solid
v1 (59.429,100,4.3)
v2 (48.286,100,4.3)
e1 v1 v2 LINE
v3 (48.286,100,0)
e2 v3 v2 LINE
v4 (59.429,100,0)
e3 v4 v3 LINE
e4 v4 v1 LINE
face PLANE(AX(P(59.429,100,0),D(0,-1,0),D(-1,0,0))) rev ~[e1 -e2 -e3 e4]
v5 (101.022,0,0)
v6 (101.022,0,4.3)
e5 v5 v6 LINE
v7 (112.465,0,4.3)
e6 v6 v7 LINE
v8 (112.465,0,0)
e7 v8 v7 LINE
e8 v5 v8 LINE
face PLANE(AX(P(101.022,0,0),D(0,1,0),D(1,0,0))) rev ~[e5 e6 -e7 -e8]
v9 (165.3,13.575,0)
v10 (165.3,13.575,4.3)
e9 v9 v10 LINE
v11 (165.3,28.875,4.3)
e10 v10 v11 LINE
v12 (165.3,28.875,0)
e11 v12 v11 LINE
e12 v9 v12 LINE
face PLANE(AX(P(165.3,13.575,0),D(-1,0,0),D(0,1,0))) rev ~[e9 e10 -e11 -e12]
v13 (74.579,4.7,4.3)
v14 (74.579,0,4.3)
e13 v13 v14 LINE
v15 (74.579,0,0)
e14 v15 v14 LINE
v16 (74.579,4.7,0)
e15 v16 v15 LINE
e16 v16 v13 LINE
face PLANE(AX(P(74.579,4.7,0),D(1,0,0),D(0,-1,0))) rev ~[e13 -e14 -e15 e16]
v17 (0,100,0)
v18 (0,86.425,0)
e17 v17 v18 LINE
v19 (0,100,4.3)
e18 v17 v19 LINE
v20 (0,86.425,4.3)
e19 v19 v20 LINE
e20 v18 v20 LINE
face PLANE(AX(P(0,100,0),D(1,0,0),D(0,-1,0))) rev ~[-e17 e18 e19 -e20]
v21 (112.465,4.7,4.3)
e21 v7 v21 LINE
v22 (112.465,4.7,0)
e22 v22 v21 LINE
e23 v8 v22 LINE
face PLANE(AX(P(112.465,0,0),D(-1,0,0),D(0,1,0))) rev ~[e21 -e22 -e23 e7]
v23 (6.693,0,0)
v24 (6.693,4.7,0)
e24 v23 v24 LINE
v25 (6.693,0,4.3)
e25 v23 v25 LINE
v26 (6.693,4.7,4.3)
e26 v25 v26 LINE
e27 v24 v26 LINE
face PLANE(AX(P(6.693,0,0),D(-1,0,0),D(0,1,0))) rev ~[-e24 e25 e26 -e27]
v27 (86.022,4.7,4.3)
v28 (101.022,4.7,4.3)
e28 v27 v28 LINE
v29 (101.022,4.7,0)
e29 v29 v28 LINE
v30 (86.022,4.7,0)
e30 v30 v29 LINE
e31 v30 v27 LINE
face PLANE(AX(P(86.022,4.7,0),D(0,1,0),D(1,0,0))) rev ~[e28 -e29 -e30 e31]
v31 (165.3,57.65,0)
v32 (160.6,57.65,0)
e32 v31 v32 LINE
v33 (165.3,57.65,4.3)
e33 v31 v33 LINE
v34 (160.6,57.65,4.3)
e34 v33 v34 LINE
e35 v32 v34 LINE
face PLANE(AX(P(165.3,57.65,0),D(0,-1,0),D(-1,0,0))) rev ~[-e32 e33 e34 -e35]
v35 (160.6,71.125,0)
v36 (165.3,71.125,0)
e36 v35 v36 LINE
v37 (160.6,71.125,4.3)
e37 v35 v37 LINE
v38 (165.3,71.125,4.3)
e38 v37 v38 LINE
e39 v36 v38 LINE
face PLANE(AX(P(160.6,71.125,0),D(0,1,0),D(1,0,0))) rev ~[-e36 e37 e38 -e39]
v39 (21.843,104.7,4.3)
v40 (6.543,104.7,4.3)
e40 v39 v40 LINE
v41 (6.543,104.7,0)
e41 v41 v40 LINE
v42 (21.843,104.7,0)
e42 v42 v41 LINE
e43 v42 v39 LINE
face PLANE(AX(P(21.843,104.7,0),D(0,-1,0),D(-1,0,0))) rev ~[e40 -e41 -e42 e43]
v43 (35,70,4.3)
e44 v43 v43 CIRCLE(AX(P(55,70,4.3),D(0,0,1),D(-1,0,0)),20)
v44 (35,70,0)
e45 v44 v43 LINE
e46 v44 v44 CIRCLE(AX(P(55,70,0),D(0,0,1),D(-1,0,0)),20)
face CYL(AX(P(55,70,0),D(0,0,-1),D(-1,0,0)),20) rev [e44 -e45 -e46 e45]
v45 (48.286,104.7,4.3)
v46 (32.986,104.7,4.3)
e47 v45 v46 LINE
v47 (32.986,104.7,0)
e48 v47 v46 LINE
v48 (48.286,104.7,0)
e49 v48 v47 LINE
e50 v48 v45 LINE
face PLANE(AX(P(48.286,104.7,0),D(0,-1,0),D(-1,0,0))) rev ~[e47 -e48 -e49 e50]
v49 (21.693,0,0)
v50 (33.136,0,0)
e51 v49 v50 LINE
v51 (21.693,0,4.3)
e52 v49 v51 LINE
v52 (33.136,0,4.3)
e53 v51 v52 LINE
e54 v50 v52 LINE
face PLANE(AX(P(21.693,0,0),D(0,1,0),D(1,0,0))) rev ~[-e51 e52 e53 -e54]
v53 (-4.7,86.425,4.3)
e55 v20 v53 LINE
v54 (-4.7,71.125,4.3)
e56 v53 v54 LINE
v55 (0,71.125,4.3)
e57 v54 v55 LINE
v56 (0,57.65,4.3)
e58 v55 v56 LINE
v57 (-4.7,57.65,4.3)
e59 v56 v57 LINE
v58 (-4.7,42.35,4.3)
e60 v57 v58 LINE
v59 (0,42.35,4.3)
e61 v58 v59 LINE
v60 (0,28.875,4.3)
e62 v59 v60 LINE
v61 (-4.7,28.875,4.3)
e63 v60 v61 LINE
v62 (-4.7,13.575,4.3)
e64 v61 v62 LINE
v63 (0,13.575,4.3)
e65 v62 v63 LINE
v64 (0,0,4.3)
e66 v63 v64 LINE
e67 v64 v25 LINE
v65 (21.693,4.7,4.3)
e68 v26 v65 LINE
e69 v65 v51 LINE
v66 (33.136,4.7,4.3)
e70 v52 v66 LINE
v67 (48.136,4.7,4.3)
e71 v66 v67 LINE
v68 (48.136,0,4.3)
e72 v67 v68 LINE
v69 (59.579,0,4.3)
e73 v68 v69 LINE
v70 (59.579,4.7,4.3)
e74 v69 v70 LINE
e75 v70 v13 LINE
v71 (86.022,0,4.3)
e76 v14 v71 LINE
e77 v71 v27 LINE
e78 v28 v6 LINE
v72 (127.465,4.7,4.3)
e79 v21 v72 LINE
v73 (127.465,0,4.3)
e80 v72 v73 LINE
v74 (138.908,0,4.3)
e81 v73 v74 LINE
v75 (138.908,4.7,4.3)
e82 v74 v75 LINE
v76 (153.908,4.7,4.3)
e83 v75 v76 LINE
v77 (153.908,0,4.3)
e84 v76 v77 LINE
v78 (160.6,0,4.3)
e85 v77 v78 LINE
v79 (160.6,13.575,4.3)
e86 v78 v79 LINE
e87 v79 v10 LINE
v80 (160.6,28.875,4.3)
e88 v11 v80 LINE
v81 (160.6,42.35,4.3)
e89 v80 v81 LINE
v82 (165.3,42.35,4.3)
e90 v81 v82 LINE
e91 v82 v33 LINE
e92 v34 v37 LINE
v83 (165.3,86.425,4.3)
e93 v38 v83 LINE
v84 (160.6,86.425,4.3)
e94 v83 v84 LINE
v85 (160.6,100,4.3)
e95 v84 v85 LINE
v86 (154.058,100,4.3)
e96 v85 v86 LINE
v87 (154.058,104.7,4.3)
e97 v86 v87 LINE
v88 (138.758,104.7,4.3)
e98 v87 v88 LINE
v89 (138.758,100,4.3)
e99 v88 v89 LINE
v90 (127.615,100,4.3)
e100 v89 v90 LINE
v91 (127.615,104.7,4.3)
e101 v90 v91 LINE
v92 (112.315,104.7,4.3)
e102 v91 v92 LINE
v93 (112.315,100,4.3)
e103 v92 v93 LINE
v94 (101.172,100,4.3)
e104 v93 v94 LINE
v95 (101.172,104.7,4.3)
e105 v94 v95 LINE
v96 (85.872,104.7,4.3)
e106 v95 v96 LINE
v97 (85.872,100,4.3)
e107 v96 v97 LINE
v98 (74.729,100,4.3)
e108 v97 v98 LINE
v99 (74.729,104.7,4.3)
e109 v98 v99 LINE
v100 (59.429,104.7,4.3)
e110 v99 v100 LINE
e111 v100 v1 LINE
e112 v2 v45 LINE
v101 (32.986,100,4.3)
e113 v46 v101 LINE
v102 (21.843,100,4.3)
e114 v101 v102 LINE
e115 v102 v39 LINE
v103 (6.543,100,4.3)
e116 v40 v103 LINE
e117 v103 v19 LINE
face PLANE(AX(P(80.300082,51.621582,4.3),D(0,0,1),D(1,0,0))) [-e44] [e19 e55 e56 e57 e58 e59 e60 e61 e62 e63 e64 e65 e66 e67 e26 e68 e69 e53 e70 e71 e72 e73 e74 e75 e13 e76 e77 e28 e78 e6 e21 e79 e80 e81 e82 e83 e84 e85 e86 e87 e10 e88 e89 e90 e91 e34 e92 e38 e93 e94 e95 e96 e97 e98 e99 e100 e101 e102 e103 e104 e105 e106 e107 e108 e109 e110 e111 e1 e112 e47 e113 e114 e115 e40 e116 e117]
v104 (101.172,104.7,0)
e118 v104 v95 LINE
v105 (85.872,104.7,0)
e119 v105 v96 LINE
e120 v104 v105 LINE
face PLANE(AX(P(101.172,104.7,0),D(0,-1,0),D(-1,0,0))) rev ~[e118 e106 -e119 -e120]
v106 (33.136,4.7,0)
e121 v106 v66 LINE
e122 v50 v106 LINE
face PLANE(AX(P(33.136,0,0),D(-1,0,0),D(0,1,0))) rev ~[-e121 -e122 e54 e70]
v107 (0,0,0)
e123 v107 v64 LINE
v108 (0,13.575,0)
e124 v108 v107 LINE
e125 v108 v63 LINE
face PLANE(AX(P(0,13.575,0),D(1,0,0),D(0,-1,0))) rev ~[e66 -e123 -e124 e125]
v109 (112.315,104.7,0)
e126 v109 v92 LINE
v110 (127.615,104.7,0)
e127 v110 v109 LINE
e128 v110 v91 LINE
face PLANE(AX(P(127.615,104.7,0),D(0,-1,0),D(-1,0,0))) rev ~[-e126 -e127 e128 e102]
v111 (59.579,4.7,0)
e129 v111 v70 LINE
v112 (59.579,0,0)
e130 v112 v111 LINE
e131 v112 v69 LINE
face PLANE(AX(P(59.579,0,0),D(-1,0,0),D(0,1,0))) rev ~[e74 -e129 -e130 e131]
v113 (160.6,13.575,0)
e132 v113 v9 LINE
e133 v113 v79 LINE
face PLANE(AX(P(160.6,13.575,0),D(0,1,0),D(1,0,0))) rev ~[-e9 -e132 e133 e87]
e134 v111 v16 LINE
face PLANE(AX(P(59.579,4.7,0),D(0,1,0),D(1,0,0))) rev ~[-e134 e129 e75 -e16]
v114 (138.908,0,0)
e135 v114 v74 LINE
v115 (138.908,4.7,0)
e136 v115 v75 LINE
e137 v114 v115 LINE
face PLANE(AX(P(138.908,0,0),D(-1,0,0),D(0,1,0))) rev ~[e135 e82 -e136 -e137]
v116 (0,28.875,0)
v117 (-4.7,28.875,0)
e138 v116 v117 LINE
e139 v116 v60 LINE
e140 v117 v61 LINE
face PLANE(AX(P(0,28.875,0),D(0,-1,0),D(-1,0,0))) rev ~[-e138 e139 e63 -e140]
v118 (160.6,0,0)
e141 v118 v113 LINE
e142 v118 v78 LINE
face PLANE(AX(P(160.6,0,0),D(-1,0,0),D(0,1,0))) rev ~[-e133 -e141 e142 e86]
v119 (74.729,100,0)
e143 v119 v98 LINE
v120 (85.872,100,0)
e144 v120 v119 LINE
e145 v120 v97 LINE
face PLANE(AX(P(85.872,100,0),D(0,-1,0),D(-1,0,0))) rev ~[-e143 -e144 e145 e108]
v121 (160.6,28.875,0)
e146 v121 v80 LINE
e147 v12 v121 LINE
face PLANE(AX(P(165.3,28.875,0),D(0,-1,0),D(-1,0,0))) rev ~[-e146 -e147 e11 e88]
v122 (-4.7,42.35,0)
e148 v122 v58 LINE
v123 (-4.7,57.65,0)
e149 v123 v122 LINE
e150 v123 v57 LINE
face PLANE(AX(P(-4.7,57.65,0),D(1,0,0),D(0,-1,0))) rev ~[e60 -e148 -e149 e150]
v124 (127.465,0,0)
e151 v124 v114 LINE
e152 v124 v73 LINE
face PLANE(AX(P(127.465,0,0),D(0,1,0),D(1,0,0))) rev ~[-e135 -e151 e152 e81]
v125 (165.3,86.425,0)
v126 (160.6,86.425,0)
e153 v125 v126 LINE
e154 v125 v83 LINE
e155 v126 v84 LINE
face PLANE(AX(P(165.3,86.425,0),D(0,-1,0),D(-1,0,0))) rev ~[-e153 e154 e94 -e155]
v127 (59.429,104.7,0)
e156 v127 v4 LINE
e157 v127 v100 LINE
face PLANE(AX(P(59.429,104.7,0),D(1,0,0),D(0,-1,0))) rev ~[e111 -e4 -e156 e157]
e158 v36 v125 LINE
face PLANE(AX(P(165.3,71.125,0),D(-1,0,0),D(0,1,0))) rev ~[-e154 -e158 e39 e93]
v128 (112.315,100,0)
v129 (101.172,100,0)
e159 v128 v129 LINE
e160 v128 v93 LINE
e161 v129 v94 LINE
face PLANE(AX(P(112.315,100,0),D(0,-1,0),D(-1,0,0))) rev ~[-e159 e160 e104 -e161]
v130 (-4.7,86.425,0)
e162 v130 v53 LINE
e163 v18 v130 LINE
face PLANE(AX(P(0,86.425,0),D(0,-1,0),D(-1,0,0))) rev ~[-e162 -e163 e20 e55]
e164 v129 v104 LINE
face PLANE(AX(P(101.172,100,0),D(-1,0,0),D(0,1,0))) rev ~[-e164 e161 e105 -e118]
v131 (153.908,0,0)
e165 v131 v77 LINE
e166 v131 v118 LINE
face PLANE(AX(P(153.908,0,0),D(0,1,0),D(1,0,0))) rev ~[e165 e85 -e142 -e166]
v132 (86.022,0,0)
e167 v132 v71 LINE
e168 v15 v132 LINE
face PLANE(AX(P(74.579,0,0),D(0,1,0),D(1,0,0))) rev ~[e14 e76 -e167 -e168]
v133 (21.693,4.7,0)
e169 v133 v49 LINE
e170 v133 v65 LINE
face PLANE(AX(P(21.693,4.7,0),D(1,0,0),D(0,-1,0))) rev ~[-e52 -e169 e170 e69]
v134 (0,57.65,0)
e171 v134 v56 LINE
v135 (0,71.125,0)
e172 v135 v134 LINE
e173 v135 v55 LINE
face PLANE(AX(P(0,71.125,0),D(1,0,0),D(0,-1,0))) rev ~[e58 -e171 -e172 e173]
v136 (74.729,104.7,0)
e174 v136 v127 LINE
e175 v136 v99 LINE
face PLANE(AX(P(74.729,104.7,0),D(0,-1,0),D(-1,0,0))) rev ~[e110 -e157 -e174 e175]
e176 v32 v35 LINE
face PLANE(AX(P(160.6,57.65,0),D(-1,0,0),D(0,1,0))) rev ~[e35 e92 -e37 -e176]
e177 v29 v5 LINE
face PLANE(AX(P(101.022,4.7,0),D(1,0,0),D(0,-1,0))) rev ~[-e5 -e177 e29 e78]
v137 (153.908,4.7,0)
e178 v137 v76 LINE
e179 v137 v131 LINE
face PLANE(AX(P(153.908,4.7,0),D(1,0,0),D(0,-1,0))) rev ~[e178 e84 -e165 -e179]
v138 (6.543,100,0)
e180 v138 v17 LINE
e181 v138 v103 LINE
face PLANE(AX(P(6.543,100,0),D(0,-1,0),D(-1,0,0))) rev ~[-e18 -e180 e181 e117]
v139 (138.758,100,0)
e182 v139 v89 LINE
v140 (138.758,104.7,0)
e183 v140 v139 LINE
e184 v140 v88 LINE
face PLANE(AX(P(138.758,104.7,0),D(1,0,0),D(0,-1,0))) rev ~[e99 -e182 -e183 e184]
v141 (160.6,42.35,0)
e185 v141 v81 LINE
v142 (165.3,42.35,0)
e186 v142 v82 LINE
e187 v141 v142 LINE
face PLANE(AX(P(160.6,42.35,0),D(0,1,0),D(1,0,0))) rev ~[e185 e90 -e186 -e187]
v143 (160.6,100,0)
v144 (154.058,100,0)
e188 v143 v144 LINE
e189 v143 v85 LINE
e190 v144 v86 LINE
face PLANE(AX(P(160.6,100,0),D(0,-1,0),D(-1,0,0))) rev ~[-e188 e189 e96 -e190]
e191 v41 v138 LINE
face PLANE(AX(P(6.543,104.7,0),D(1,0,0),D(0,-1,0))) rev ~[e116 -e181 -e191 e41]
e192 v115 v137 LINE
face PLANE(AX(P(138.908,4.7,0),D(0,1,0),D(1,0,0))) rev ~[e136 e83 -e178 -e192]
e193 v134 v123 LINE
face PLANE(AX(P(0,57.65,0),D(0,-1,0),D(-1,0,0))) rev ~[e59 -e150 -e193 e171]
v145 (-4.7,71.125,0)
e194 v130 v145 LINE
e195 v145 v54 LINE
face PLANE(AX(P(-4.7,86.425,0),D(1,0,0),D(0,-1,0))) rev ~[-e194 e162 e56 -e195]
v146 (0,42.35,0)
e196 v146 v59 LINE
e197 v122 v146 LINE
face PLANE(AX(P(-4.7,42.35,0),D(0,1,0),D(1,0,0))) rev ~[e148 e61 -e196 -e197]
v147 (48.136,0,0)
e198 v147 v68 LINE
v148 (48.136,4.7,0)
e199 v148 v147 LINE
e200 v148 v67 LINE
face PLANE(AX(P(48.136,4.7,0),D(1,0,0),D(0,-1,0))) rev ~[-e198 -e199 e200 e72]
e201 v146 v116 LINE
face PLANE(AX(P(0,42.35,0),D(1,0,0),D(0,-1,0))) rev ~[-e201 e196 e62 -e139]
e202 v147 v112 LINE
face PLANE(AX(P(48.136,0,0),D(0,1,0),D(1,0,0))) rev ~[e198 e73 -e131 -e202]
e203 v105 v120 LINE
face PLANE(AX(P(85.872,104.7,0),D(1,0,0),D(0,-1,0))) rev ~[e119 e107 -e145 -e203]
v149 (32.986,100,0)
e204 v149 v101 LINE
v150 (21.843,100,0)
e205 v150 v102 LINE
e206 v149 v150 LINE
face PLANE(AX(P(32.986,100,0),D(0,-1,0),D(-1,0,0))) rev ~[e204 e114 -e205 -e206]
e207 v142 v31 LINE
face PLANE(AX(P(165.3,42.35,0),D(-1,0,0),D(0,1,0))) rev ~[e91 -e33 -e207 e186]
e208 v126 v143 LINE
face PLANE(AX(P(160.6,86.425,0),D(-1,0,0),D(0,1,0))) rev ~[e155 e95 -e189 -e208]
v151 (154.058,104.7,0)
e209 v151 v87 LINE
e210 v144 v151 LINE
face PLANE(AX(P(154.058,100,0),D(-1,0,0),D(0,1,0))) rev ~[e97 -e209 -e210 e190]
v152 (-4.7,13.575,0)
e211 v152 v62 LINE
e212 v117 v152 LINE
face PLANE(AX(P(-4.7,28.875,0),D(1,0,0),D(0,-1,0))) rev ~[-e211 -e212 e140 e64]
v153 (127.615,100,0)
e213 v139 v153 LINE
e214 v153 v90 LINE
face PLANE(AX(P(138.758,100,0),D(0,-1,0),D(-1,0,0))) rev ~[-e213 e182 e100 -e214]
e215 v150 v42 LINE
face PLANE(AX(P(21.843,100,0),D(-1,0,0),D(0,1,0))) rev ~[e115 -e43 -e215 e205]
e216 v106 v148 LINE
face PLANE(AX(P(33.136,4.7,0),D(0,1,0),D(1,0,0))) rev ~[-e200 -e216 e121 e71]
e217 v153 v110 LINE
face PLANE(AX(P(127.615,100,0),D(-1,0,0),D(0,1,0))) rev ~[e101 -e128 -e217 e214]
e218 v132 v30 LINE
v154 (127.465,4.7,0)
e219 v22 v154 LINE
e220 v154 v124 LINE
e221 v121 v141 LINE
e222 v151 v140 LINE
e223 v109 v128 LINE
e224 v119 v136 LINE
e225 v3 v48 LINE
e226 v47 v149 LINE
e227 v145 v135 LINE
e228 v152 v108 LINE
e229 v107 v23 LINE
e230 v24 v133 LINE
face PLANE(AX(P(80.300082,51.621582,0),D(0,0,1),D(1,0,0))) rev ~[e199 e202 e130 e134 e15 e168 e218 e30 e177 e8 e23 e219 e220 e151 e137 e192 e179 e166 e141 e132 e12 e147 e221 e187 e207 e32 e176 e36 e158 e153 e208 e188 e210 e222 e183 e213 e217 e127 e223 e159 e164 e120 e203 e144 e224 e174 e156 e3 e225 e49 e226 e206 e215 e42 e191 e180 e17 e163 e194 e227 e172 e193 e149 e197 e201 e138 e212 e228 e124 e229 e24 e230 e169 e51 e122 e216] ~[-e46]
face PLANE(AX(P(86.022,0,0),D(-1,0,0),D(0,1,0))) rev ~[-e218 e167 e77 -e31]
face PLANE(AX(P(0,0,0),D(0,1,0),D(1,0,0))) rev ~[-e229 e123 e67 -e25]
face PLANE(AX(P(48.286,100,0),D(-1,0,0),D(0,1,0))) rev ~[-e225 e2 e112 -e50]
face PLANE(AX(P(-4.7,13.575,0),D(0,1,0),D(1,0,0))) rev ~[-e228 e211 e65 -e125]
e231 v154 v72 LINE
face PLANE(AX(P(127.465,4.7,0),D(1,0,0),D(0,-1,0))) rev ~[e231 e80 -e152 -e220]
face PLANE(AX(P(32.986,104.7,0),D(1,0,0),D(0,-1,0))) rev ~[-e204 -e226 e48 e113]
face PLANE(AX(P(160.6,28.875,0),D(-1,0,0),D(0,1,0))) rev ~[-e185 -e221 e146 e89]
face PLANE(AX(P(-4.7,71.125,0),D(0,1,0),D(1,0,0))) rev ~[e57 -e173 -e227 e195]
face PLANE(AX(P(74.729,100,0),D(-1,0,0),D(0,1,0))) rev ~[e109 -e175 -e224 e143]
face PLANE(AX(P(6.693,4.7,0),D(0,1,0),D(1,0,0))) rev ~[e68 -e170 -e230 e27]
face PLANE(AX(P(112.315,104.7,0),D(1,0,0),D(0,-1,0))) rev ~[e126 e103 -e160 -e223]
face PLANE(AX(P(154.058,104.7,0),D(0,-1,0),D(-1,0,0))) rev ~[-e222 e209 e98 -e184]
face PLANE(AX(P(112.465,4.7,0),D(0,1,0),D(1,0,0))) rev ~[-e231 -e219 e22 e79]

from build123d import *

# Parameters (mm, degrees)
SKETCH2_R           = 20
BOSS_EXTRUDE1_DEPTH = 4.3


with BuildPart() as part:
    # Sketch2 → Boss-Extrude1 (new body)
    with BuildSketch(Plane.XY):
        Polygon((0, 0), (6.693, 0), (6.693, 4.7), (21.693, 4.7), (21.693, 0), (33.136, 0), (33.136, 4.7), (48.136, 4.7), (48.136, 0), (59.579, 0), (59.579, 4.7), (74.579, 4.7), (74.579, 0), (86.022, 0), (86.022, 4.7), (101.022, 4.7), (101.022, 0), (112.465, 0), (112.465, 4.7), (127.465, 4.7), (127.465, 0), (138.908, 0), (138.908, 4.7), (153.908, 4.7), (153.908, 0), (160.6, 0), (160.6, 13.575), (165.3, 13.575), (165.3, 28.875), (160.6, 28.875), (160.6, 42.35), (165.3, 42.35), (165.3, 57.65), (160.6, 57.65), (160.6, 71.125), (165.3, 71.125), (165.3, 86.425), (160.6, 86.425), (160.6, 100), (154.058, 100), (154.058, 104.7), (138.758, 104.7), (138.758, 100), (127.615, 100), (127.615, 104.7), (112.315, 104.7), (112.315, 100), (101.172, 100), (101.172, 104.7), (85.872, 104.7), (85.872, 100), (74.729, 100), (74.729, 104.7), (59.429, 104.7), (59.429, 100), (48.286, 100), (48.286, 104.7), (32.986, 104.7), (32.986, 100), (21.843, 100), (21.843, 104.7), (6.543, 104.7), (6.543, 100), (0, 100), (0, 86.425), (-4.7, 86.425), (-4.7, 71.125), (0, 71.125), (0, 57.65), (-4.7, 57.65), (-4.7, 42.35), (0, 42.35), (0, 28.875), (-4.7, 28.875), (-4.7, 13.575), (0, 13.575), align=None)
        with Locations(Location((55, 70, 0), (0, 0, 180))):
            Circle(SKETCH2_R, mode=Mode.SUBTRACT)
    extrude(amount=BOSS_EXTRUDE1_DEPTH)


solid = part.part
